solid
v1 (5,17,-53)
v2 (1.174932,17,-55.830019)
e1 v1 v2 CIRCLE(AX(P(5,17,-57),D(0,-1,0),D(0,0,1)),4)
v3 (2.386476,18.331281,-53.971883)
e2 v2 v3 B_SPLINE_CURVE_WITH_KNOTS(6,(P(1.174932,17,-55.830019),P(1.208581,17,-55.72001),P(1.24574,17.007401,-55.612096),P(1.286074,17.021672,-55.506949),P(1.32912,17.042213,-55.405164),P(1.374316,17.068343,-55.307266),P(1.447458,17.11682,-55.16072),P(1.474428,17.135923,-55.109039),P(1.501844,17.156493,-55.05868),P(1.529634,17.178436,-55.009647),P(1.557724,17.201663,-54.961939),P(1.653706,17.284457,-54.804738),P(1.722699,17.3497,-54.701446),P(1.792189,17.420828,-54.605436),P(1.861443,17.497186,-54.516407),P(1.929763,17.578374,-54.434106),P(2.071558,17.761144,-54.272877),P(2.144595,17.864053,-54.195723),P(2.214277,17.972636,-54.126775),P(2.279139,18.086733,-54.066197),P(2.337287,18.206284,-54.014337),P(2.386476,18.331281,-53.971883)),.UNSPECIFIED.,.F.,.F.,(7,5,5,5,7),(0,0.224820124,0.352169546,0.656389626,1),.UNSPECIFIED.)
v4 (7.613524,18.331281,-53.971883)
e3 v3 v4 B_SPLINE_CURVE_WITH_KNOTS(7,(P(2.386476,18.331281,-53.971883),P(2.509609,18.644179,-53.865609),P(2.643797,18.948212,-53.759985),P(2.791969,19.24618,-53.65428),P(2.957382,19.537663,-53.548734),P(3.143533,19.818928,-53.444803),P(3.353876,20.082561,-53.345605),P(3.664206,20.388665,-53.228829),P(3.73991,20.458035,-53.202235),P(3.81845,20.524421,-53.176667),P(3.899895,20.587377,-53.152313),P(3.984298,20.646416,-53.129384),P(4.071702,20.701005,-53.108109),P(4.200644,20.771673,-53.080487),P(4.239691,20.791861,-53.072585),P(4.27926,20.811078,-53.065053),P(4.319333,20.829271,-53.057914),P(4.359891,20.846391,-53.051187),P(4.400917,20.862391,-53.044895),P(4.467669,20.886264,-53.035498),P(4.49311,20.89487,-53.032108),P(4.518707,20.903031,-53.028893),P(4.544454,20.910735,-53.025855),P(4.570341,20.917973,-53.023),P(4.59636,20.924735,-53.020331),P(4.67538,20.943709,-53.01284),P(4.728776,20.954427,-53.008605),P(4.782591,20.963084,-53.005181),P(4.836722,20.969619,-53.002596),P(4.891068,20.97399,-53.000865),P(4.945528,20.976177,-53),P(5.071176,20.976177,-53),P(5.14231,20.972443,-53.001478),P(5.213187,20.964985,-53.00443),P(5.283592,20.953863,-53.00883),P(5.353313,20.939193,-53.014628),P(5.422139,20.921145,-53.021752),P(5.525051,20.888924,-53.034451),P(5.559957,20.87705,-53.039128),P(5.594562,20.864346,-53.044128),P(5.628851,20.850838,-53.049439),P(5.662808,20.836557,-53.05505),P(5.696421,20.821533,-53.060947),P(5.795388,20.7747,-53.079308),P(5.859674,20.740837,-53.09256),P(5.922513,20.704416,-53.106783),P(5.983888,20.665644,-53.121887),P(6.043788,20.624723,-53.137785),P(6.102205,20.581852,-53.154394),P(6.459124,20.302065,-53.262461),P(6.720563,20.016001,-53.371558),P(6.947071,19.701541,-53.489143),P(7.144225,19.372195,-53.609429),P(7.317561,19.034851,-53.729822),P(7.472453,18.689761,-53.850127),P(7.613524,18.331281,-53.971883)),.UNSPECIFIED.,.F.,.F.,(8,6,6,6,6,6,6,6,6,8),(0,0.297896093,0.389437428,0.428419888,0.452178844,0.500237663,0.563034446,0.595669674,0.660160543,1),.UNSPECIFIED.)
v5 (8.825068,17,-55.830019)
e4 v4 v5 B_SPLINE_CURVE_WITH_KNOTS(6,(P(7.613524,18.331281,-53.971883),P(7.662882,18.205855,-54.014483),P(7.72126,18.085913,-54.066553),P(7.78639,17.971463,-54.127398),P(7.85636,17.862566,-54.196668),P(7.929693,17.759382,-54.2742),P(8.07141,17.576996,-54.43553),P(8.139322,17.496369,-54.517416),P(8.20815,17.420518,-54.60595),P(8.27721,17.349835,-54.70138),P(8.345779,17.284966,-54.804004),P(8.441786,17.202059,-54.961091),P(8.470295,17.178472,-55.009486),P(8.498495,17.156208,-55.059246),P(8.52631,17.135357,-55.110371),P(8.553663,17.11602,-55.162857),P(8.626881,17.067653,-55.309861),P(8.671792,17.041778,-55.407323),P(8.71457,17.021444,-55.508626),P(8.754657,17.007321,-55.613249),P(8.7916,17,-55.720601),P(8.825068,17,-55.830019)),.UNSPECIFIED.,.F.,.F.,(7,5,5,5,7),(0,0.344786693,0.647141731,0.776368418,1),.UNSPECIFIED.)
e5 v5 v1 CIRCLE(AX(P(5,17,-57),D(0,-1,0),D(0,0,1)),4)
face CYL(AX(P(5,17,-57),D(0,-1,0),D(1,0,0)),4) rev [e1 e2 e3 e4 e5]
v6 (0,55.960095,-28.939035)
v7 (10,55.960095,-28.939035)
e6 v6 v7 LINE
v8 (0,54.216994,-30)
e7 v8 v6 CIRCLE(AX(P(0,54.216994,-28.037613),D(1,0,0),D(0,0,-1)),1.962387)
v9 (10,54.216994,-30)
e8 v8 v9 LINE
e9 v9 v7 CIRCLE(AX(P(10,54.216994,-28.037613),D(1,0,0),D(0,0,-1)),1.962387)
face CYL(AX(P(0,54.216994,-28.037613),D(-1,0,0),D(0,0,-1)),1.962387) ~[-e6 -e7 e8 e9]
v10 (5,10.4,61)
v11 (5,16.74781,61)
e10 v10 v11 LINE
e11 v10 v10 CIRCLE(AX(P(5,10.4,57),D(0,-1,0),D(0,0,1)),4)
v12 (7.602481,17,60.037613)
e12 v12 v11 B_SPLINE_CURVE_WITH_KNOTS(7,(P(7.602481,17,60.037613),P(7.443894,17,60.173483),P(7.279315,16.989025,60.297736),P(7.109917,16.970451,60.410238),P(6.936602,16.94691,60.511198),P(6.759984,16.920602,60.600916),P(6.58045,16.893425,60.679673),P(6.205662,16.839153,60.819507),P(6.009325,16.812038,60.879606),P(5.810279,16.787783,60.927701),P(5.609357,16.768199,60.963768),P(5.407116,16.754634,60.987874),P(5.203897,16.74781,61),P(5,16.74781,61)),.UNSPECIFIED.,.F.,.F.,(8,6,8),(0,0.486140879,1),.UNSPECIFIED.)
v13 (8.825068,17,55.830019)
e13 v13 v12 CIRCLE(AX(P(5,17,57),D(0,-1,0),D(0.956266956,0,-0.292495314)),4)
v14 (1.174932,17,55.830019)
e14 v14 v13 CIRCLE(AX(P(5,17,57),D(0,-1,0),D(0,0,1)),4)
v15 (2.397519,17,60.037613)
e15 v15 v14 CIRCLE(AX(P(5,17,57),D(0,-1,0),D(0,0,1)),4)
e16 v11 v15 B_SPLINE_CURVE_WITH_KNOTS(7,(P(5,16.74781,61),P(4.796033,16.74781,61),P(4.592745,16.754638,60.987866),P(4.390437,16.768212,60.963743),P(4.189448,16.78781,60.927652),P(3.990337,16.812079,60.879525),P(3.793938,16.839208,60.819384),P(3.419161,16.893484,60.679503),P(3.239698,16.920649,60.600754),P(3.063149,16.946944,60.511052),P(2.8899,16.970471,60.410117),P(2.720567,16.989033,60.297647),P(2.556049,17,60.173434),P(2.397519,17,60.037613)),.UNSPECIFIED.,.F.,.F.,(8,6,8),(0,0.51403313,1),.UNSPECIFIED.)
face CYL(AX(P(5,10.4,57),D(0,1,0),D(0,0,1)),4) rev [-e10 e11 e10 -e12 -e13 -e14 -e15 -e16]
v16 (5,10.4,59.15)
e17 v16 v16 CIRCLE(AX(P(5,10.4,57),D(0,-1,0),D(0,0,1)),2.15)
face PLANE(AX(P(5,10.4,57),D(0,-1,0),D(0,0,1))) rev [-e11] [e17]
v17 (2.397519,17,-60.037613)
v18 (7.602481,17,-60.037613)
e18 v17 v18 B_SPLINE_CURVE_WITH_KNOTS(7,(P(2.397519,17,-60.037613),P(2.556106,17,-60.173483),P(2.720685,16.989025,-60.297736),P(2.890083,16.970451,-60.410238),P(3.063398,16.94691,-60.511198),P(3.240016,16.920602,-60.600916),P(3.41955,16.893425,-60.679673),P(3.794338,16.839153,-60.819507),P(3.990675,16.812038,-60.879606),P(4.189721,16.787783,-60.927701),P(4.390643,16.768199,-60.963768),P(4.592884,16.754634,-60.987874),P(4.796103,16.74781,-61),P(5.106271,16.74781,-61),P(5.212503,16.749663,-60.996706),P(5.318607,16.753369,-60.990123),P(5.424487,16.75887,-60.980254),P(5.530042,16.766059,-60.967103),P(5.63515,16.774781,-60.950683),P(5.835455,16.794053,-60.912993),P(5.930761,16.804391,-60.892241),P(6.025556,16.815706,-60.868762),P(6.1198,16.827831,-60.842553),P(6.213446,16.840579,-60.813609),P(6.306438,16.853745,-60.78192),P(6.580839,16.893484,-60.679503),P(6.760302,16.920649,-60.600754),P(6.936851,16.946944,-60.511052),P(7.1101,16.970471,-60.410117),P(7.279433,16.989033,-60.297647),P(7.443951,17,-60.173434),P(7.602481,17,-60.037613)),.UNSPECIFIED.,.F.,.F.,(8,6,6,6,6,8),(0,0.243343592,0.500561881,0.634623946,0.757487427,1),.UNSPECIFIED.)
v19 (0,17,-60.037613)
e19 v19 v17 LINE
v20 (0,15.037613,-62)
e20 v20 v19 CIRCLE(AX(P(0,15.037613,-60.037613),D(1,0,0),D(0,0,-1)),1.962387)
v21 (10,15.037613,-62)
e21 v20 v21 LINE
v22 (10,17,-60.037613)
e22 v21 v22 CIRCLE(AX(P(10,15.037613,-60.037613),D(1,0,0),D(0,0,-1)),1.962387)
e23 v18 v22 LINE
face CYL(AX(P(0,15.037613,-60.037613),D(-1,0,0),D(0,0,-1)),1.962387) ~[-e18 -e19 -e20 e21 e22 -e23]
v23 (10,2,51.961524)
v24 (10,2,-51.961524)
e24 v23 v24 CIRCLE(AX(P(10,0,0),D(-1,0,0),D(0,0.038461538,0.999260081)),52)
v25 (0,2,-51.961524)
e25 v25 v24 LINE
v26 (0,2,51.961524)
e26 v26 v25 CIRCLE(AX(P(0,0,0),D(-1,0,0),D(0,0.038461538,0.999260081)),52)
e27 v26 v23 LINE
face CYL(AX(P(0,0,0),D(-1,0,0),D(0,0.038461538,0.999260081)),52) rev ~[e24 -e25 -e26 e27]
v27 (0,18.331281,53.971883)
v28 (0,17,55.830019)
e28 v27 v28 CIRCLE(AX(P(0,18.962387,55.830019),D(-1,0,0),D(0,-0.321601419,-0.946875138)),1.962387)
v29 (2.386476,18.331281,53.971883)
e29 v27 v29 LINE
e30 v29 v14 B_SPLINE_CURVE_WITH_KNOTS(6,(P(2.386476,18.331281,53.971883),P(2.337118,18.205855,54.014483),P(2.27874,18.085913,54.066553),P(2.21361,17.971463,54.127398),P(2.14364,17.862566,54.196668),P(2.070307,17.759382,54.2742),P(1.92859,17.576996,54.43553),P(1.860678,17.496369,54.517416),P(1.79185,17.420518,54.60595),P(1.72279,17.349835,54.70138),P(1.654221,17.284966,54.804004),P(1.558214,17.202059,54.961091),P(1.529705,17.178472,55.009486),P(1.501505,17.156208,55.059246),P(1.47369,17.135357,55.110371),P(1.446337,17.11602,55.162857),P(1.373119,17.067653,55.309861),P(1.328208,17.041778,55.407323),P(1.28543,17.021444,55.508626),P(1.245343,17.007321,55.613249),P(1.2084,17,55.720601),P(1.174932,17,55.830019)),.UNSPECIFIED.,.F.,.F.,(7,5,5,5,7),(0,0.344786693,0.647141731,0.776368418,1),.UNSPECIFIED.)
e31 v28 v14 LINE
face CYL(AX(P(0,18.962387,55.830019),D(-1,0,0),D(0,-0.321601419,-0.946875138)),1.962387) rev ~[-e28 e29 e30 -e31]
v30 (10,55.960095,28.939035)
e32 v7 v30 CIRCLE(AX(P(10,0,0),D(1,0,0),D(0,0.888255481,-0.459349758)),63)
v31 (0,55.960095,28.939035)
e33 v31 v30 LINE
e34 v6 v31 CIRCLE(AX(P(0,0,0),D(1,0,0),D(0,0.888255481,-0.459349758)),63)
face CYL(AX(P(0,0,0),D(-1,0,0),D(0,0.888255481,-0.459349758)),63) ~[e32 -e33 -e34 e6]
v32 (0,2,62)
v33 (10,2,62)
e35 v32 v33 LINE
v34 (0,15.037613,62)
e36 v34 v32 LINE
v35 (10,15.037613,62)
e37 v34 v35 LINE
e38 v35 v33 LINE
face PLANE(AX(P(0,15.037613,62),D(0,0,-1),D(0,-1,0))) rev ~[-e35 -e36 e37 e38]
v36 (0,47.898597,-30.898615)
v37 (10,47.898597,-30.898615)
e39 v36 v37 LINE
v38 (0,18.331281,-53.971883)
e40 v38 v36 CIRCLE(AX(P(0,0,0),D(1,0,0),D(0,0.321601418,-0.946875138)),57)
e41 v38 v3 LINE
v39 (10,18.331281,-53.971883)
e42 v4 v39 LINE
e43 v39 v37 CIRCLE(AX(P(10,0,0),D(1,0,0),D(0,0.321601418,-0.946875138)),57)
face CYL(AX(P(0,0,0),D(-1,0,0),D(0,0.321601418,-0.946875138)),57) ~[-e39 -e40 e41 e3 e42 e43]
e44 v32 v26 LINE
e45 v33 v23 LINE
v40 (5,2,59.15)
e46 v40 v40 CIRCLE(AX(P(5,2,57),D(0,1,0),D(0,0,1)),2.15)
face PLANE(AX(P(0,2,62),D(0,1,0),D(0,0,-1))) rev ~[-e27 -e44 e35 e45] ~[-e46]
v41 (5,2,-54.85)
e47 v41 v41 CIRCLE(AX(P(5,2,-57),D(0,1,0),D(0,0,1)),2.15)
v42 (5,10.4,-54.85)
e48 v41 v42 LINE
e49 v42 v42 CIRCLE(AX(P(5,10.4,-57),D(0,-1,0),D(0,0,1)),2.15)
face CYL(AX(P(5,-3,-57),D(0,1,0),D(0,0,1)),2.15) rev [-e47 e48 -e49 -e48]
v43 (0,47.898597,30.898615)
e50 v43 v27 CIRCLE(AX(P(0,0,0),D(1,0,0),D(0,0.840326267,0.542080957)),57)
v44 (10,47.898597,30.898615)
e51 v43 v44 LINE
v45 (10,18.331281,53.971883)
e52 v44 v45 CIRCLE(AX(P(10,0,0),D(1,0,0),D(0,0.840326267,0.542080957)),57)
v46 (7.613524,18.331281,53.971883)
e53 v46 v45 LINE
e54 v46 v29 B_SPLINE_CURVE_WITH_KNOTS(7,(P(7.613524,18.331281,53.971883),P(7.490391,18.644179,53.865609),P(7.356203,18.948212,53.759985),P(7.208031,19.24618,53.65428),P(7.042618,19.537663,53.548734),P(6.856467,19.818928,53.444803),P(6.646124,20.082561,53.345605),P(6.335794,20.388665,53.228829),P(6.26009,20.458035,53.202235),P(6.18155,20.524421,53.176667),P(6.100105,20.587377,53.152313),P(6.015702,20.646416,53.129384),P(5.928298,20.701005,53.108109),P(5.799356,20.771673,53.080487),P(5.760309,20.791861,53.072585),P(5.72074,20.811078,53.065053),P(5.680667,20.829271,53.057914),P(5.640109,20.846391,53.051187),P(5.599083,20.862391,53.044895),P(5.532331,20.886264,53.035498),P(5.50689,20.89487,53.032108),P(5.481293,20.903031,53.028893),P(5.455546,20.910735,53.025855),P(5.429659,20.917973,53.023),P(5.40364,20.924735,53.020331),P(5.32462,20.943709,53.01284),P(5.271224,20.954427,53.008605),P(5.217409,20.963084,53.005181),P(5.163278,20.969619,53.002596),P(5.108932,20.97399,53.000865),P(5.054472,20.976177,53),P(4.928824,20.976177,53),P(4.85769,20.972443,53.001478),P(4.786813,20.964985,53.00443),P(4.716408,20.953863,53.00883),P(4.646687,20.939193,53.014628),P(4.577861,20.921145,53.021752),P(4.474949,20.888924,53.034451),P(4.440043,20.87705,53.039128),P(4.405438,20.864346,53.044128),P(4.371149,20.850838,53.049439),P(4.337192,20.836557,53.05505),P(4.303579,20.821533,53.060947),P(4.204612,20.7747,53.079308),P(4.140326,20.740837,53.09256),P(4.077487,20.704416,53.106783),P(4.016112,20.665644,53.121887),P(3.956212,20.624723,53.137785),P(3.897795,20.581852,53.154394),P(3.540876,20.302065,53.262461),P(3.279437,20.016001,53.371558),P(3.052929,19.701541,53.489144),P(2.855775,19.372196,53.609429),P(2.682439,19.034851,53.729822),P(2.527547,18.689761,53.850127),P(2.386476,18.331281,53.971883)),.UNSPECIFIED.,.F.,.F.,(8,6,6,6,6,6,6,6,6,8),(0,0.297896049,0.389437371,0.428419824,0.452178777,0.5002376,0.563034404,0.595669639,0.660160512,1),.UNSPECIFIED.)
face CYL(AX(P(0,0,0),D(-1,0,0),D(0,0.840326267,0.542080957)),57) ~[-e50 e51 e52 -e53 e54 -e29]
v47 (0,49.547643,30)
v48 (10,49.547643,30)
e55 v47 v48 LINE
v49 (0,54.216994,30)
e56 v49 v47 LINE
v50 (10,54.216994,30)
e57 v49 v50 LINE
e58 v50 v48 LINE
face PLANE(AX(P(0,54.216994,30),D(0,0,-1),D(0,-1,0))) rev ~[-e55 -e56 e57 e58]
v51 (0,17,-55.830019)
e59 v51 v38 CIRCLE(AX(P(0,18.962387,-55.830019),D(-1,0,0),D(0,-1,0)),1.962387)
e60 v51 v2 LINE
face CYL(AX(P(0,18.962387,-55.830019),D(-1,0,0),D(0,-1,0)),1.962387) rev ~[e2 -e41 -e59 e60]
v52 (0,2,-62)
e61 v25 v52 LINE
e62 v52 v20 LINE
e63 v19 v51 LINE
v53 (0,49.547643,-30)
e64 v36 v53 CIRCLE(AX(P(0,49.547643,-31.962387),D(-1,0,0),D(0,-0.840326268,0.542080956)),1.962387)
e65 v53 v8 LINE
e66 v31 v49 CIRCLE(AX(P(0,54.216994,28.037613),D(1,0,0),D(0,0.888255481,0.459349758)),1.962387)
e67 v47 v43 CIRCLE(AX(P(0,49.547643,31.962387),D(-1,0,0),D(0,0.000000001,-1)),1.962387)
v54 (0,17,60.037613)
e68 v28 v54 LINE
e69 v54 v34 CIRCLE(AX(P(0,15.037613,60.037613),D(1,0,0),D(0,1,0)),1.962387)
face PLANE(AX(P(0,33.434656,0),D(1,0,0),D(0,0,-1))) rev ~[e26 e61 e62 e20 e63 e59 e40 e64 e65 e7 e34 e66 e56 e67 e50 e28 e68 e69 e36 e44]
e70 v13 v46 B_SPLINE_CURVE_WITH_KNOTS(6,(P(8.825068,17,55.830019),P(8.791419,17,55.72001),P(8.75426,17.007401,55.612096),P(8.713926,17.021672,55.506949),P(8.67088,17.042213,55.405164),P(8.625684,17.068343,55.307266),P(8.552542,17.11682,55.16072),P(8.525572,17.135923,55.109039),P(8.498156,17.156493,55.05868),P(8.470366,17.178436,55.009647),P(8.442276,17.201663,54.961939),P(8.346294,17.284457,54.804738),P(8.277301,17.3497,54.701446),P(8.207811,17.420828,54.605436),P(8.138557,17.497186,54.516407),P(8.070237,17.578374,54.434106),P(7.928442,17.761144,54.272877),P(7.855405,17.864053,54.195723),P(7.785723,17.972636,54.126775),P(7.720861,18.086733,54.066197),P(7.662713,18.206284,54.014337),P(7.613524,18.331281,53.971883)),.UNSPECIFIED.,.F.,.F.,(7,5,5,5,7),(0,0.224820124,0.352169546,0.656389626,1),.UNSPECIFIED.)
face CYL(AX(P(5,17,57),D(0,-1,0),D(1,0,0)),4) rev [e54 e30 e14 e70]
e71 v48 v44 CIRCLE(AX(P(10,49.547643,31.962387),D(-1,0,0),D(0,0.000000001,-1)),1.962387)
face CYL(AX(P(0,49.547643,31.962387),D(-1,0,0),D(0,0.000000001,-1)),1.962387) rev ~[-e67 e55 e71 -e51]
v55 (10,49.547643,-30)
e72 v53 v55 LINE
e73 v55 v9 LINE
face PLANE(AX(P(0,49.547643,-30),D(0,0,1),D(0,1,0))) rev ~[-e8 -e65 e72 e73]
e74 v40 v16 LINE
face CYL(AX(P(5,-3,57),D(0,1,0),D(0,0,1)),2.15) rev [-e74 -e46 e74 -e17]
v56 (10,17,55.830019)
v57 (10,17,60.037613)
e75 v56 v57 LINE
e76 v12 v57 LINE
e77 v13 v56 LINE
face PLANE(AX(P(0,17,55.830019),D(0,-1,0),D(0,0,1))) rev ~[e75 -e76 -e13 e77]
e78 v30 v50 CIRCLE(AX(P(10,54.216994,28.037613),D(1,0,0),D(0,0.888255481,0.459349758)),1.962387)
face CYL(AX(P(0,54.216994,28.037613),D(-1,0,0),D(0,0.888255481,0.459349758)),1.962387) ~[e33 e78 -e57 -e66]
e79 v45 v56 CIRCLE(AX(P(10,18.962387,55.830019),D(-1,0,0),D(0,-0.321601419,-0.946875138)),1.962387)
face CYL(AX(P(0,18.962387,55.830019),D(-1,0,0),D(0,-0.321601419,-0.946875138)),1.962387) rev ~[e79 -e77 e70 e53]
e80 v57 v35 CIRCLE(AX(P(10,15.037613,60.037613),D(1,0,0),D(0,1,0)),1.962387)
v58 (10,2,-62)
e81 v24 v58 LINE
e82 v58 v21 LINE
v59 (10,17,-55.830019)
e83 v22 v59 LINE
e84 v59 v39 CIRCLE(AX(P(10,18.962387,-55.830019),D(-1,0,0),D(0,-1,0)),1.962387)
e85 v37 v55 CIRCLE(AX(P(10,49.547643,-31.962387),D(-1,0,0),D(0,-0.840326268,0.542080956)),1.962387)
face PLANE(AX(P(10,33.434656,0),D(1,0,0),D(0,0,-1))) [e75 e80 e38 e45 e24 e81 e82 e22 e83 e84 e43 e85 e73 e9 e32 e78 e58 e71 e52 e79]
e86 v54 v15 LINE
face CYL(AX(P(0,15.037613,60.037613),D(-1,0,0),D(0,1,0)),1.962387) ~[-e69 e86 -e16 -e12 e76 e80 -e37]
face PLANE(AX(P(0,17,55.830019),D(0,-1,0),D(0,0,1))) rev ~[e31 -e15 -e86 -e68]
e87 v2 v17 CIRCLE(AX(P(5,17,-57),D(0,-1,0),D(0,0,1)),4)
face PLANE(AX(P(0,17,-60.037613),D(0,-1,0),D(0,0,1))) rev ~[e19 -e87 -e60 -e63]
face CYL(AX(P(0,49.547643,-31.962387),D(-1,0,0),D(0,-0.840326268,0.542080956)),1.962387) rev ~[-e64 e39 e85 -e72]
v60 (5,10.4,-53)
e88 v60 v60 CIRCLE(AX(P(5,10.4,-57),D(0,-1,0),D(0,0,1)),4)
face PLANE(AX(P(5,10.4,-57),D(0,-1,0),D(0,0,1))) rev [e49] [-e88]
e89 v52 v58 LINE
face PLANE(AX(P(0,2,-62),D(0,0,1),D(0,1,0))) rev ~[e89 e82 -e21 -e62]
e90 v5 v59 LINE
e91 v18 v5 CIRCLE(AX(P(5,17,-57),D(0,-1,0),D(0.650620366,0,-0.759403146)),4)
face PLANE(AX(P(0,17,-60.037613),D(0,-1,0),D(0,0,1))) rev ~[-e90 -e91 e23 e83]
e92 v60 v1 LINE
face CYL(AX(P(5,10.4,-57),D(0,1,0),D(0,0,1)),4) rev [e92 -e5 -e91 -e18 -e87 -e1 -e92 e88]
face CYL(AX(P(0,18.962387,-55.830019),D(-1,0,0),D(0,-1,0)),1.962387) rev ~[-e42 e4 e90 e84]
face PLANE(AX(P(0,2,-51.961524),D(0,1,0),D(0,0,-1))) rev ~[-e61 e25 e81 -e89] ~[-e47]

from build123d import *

# Parameters (mm, degrees)
BOSS_EXTRUDE1_DEPTH                        = 10
CBORE_FOR_M4_CHEESE_HEAD_SCREW1_AT_2_COUNT = 2
CBORE_FOR_M4_CHEESE_HEAD_SCREW1_AT_2_PITCH = 114
SKETCH6_R                                  = 4
CUT_EXTRUDE1_DEPTH                         = 8


with BuildPart() as part:
    # Sketch1 → Boss-Extrude1 (new body)
    with BuildSketch(Plane(origin=(0, 0, 0), x_dir=(0, 0, -1), z_dir=(1, 0, 0))):
        with BuildLine():
            Line((30, 49.547642934), (30, 54.216993929))
            ThreePointArc((30, 54.216993929), (29.713903717, 55.237294084), (28.93903477, 55.960095305))
            ThreePointArc((28.93903477, 55.960095305), (0, 63), (-28.93903477, 55.960095305))
            ThreePointArc((-28.93903477, 55.960095305), (-29.713903717, 55.237294084), (-30, 54.216993929))
            Line((-30, 54.216993929), (-30, 49.547642934))
            ThreePointArc((-30, 49.547642934), (-30.239236403, 48.608646152), (-30.898614566, 47.898597244))
            ThreePointArc((-30.898614566, 47.898597244), (-44.936698638, 35.066980416), (-53.971882891, 18.331280838))
            ThreePointArc((-53.971882891, 18.331280838), (-54.687108259, 17.367169566), (-55.830018745, 17))
            Line((-55.830018745, 17), (-60.037612586, 17))
            ThreePointArc((-60.037612586, 17), (-61.425230034, 16.425230034), (-62, 15.037612586))
            Line((-62, 15.037612586), (-62, 2))
            Line((-62, 2), (-51.961524227, 2))
            ThreePointArc((-51.961524227, 2), (0, 52), (51.961524227, 2))
            Line((51.961524227, 2), (62, 2))
            Line((62, 2), (62, 15.037612586))
            ThreePointArc((62, 15.037612586), (61.425230034, 16.425230034), (60.037612586, 17))
            Line((60.037612586, 17), (55.830018745, 17))
            ThreePointArc((55.830018745, 17), (54.687108259, 17.367169566), (53.971882891, 18.331280838))
            ThreePointArc((53.971882891, 18.331280838), (44.936698638, 35.066980416), (30.898614566, 47.898597244))
            ThreePointArc((30.898614566, 47.898597244), (30.239236403, 48.608646152), (30, 49.547642934))
        make_face()
    extrude(amount=BOSS_EXTRUDE1_DEPTH)

    # Sketch4 → CBORE for M4 Cheese Head Screw1 (revolve, cut)
    with BuildSketch(Plane(origin=(5, 17, -57), x_dir=(0, 0, 1), z_dir=(1, 0, 0))):
        Polygon((0, 0), (0, 21.291850331), (2.15, 20), (2.15, 6.6), (4, 6.6), (4, 0), align=None)
    cbore_for_m4_cheese_head_screw1 = revolve(axis=Axis((5, 23.35, -57), (0, -1, 0)), mode=Mode.SUBTRACT)

    # CBORE for M4 Cheese Head Screw1 at 2: CBORE for M4 Cheese Head Screw1 ×2
    with Locations(*[(0, 0, i * CBORE_FOR_M4_CHEESE_HEAD_SCREW1_AT_2_PITCH) for i in range(1, CBORE_FOR_M4_CHEESE_HEAD_SCREW1_AT_2_COUNT)]):
        add(cbore_for_m4_cheese_head_screw1, mode=Mode.SUBTRACT)

    # Sketch6 → Cut-Extrude1 (cut)
    with BuildSketch(Plane(origin=(0, 17, 0), x_dir=(1, 0, 0), z_dir=(0, 1, 0))):
        with Locations((5, 57)):
            Circle(SKETCH6_R)
        with Locations((5, -57)):
            Circle(SKETCH6_R)
    extrude(amount=CUT_EXTRUDE1_DEPTH, mode=Mode.SUBTRACT)


solid = part.part
